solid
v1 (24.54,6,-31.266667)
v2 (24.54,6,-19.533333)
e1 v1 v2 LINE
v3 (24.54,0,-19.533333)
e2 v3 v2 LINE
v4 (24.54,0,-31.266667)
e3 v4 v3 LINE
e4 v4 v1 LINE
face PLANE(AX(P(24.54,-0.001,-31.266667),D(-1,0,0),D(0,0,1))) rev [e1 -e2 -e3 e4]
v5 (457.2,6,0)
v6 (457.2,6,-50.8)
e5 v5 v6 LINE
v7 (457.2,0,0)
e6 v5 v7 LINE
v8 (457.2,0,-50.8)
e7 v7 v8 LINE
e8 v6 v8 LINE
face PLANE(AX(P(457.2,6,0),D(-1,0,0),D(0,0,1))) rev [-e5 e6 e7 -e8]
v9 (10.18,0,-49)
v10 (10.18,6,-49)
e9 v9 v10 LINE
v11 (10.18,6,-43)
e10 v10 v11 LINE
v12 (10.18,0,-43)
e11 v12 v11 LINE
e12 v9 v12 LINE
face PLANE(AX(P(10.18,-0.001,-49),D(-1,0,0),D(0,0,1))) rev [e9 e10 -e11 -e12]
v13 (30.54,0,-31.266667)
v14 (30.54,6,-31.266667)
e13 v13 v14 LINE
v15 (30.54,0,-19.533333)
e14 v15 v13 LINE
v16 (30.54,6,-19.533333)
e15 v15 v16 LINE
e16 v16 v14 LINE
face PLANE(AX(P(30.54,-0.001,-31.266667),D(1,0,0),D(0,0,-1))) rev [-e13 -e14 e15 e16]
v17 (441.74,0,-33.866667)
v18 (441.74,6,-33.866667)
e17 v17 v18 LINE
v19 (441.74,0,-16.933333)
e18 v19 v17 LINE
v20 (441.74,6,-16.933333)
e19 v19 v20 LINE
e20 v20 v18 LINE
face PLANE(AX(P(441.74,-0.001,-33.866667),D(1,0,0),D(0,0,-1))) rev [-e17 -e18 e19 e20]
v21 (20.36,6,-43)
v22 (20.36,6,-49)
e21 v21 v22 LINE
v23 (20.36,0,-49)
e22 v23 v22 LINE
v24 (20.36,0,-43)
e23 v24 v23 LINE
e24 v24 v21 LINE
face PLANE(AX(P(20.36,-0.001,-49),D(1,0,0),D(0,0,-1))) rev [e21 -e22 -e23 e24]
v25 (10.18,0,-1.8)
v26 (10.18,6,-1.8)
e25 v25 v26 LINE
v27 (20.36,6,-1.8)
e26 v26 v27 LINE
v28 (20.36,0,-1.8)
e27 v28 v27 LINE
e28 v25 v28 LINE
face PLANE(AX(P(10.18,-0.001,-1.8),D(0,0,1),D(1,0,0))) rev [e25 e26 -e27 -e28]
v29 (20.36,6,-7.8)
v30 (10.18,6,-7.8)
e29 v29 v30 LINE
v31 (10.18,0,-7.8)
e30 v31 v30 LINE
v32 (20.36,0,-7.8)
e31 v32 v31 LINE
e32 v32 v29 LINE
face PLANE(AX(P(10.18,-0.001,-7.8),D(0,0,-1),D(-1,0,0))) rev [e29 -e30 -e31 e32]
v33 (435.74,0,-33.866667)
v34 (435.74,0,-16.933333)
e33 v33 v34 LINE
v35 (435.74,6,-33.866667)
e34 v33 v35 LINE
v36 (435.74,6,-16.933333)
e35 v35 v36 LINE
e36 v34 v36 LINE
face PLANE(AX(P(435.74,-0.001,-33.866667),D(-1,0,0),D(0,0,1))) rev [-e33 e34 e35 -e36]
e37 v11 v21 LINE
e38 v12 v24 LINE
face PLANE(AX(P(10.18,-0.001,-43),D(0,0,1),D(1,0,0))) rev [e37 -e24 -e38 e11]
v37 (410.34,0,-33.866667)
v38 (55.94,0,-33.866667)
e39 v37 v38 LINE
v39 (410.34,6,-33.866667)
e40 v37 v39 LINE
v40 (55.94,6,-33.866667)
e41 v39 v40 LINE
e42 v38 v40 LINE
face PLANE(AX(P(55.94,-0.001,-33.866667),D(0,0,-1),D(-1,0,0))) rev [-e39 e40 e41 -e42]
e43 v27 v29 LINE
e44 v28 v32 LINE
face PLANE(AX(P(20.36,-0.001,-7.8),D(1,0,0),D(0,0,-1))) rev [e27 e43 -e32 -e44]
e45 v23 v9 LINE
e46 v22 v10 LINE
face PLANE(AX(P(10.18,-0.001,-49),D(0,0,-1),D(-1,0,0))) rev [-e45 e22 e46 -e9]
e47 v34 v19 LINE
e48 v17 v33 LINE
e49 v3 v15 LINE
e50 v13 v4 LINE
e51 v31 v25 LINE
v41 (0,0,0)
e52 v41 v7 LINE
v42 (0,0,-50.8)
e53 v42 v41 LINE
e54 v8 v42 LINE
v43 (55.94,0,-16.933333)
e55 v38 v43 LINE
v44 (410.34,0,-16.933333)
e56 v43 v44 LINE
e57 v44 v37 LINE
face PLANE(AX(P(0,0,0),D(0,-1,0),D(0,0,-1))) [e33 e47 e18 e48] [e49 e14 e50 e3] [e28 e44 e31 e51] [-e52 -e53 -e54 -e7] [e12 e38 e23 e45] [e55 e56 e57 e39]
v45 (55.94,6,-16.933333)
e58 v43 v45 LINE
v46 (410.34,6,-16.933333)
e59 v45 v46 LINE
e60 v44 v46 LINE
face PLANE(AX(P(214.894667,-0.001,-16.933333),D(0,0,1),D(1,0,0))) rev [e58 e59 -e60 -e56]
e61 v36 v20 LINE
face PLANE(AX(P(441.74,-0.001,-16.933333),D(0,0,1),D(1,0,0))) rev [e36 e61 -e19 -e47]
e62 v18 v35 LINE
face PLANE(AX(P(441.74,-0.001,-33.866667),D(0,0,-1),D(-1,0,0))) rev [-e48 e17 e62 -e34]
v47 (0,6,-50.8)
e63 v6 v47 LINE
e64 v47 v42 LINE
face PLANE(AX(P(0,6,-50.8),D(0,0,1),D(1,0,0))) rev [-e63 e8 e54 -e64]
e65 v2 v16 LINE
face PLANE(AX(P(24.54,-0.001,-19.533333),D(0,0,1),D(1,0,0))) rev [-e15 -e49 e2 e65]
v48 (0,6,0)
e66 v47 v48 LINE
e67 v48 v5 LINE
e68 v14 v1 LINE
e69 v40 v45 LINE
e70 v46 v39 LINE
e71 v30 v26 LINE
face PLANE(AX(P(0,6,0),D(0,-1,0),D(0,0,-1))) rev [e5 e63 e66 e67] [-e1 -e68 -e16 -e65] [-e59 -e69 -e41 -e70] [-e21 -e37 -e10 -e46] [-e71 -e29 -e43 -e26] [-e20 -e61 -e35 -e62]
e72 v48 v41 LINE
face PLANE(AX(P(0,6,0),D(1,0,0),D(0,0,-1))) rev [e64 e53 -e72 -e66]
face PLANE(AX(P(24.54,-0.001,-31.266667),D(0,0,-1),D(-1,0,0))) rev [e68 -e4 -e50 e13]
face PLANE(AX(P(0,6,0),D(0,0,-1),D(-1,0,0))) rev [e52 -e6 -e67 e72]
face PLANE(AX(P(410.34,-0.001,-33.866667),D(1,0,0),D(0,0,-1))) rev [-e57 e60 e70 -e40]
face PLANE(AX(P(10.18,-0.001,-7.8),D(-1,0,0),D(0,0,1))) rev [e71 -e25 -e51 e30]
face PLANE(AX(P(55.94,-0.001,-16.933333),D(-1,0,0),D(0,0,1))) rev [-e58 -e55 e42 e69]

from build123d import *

# Parameters (mm, degrees)
SKETCH2_W          = 457.2
SKETCH2_H          = 50.8
BASE_DEPTH         = 6
CUT_EXTRUDE1_REACH = 8
SKETCH3_W          = 6
SKETCH3_H          = 16.933333334
SKETCH3_H_2        = 11.733333334
CUT_EXTRUDE2_REACH = 8
SKETCH4_W          = 10.18
SKETCH4_H          = 6
CUT_EXTRUDE3_REACH = 8


with BuildPart() as part:
    # Sketch2 → Base (new body)
    with BuildSketch(Plane(origin=(0, 0, 0), x_dir=(1, 0, 0), z_dir=(0, 1, 0))):
        with Locations((228.6, 25.4)):
            Rectangle(SKETCH2_W, SKETCH2_H)
    extrude(amount=BASE_DEPTH)

    # Sketch3 → Cut-Extrude1 (cut, up to next)
    with BuildSketch(Plane(origin=(0, 6, 0), x_dir=(1, 0, 0), z_dir=(0, 1, 0)), mode=Mode.PRIVATE) as cut_extrude1_sk1:
        with Locations((438.74, 25.4)):
            Rectangle(SKETCH3_W, SKETCH3_H)
    cut_extrude1_tool1 = extrude(cut_extrude1_sk1.sketch, amount=-CUT_EXTRUDE1_REACH, mode=Mode.PRIVATE) & part.part
    add(cut_extrude1_tool1.solids().sort_by_distance((438.74, 6, -25.4))[0], mode=Mode.SUBTRACT)
    # Sketch3 → Cut-Extrude1 (cut, up to next)
    with BuildSketch(Plane(origin=(0, 6, 0), x_dir=(1, 0, 0), z_dir=(0, 1, 0)), mode=Mode.PRIVATE) as cut_extrude1_sk2:
        with Locations((27.54, 25.4)):
            Rectangle(SKETCH3_W, SKETCH3_H_2)
    cut_extrude1_tool2 = extrude(cut_extrude1_sk2.sketch, amount=-CUT_EXTRUDE1_REACH, mode=Mode.PRIVATE) & part.part
    add(cut_extrude1_tool2.solids().sort_by_distance((27.54, 6, -25.4))[0], mode=Mode.SUBTRACT)

    # Sketch4 → Cut-Extrude2 (cut, up to next)
    with BuildSketch(Plane(origin=(0, 6, 0), x_dir=(1, 0, 0), z_dir=(0, 1, 0)), mode=Mode.PRIVATE) as cut_extrude2_sk1:
        with Locations((15.27, 4.8)):
            Rectangle(SKETCH4_W, SKETCH4_H)
    cut_extrude2_tool1 = extrude(cut_extrude2_sk1.sketch, amount=-CUT_EXTRUDE2_REACH, mode=Mode.PRIVATE) & part.part
    add(cut_extrude2_tool1.solids().sort_by_distance((15.27, 6, -4.8))[0], mode=Mode.SUBTRACT)
    # Sketch4 → Cut-Extrude2 (cut, up to next)
    with BuildSketch(Plane(origin=(0, 6, 0), x_dir=(1, 0, 0), z_dir=(0, 1, 0)), mode=Mode.PRIVATE) as cut_extrude2_sk2:
        with Locations((15.27, 46)):
            Rectangle(SKETCH4_W, SKETCH4_H)
    cut_extrude2_tool2 = extrude(cut_extrude2_sk2.sketch, amount=-CUT_EXTRUDE2_REACH, mode=Mode.PRIVATE) & part.part
    add(cut_extrude2_tool2.solids().sort_by_distance((15.27, 6, -46))[0], mode=Mode.SUBTRACT)

    # Sketch5 → Cut-Extrude3 (cut, up to next)
    with BuildSketch(Plane(origin=(0, 6, 0), x_dir=(1, 0, 0), z_dir=(0, 1, 0)), mode=Mode.PRIVATE) as cut_extrude3_sk1:
        Polygon((214.894666784, 33.866666667), (242.305333216, 33.866666667), (410.34, 33.866666667), (410.34, 16.933333333), (242.305333216, 16.933333333), (214.894666784, 16.933333333), (55.94, 16.933333333), (55.94, 33.866666667), align=None)
    cut_extrude3_tool1 = extrude(cut_extrude3_sk1.sketch, amount=-CUT_EXTRUDE3_REACH, mode=Mode.PRIVATE) & part.part
    add(cut_extrude3_tool1.solids().sort_by_distance((233.14, 6, -25.4))[0], mode=Mode.SUBTRACT)


solid = part.part
